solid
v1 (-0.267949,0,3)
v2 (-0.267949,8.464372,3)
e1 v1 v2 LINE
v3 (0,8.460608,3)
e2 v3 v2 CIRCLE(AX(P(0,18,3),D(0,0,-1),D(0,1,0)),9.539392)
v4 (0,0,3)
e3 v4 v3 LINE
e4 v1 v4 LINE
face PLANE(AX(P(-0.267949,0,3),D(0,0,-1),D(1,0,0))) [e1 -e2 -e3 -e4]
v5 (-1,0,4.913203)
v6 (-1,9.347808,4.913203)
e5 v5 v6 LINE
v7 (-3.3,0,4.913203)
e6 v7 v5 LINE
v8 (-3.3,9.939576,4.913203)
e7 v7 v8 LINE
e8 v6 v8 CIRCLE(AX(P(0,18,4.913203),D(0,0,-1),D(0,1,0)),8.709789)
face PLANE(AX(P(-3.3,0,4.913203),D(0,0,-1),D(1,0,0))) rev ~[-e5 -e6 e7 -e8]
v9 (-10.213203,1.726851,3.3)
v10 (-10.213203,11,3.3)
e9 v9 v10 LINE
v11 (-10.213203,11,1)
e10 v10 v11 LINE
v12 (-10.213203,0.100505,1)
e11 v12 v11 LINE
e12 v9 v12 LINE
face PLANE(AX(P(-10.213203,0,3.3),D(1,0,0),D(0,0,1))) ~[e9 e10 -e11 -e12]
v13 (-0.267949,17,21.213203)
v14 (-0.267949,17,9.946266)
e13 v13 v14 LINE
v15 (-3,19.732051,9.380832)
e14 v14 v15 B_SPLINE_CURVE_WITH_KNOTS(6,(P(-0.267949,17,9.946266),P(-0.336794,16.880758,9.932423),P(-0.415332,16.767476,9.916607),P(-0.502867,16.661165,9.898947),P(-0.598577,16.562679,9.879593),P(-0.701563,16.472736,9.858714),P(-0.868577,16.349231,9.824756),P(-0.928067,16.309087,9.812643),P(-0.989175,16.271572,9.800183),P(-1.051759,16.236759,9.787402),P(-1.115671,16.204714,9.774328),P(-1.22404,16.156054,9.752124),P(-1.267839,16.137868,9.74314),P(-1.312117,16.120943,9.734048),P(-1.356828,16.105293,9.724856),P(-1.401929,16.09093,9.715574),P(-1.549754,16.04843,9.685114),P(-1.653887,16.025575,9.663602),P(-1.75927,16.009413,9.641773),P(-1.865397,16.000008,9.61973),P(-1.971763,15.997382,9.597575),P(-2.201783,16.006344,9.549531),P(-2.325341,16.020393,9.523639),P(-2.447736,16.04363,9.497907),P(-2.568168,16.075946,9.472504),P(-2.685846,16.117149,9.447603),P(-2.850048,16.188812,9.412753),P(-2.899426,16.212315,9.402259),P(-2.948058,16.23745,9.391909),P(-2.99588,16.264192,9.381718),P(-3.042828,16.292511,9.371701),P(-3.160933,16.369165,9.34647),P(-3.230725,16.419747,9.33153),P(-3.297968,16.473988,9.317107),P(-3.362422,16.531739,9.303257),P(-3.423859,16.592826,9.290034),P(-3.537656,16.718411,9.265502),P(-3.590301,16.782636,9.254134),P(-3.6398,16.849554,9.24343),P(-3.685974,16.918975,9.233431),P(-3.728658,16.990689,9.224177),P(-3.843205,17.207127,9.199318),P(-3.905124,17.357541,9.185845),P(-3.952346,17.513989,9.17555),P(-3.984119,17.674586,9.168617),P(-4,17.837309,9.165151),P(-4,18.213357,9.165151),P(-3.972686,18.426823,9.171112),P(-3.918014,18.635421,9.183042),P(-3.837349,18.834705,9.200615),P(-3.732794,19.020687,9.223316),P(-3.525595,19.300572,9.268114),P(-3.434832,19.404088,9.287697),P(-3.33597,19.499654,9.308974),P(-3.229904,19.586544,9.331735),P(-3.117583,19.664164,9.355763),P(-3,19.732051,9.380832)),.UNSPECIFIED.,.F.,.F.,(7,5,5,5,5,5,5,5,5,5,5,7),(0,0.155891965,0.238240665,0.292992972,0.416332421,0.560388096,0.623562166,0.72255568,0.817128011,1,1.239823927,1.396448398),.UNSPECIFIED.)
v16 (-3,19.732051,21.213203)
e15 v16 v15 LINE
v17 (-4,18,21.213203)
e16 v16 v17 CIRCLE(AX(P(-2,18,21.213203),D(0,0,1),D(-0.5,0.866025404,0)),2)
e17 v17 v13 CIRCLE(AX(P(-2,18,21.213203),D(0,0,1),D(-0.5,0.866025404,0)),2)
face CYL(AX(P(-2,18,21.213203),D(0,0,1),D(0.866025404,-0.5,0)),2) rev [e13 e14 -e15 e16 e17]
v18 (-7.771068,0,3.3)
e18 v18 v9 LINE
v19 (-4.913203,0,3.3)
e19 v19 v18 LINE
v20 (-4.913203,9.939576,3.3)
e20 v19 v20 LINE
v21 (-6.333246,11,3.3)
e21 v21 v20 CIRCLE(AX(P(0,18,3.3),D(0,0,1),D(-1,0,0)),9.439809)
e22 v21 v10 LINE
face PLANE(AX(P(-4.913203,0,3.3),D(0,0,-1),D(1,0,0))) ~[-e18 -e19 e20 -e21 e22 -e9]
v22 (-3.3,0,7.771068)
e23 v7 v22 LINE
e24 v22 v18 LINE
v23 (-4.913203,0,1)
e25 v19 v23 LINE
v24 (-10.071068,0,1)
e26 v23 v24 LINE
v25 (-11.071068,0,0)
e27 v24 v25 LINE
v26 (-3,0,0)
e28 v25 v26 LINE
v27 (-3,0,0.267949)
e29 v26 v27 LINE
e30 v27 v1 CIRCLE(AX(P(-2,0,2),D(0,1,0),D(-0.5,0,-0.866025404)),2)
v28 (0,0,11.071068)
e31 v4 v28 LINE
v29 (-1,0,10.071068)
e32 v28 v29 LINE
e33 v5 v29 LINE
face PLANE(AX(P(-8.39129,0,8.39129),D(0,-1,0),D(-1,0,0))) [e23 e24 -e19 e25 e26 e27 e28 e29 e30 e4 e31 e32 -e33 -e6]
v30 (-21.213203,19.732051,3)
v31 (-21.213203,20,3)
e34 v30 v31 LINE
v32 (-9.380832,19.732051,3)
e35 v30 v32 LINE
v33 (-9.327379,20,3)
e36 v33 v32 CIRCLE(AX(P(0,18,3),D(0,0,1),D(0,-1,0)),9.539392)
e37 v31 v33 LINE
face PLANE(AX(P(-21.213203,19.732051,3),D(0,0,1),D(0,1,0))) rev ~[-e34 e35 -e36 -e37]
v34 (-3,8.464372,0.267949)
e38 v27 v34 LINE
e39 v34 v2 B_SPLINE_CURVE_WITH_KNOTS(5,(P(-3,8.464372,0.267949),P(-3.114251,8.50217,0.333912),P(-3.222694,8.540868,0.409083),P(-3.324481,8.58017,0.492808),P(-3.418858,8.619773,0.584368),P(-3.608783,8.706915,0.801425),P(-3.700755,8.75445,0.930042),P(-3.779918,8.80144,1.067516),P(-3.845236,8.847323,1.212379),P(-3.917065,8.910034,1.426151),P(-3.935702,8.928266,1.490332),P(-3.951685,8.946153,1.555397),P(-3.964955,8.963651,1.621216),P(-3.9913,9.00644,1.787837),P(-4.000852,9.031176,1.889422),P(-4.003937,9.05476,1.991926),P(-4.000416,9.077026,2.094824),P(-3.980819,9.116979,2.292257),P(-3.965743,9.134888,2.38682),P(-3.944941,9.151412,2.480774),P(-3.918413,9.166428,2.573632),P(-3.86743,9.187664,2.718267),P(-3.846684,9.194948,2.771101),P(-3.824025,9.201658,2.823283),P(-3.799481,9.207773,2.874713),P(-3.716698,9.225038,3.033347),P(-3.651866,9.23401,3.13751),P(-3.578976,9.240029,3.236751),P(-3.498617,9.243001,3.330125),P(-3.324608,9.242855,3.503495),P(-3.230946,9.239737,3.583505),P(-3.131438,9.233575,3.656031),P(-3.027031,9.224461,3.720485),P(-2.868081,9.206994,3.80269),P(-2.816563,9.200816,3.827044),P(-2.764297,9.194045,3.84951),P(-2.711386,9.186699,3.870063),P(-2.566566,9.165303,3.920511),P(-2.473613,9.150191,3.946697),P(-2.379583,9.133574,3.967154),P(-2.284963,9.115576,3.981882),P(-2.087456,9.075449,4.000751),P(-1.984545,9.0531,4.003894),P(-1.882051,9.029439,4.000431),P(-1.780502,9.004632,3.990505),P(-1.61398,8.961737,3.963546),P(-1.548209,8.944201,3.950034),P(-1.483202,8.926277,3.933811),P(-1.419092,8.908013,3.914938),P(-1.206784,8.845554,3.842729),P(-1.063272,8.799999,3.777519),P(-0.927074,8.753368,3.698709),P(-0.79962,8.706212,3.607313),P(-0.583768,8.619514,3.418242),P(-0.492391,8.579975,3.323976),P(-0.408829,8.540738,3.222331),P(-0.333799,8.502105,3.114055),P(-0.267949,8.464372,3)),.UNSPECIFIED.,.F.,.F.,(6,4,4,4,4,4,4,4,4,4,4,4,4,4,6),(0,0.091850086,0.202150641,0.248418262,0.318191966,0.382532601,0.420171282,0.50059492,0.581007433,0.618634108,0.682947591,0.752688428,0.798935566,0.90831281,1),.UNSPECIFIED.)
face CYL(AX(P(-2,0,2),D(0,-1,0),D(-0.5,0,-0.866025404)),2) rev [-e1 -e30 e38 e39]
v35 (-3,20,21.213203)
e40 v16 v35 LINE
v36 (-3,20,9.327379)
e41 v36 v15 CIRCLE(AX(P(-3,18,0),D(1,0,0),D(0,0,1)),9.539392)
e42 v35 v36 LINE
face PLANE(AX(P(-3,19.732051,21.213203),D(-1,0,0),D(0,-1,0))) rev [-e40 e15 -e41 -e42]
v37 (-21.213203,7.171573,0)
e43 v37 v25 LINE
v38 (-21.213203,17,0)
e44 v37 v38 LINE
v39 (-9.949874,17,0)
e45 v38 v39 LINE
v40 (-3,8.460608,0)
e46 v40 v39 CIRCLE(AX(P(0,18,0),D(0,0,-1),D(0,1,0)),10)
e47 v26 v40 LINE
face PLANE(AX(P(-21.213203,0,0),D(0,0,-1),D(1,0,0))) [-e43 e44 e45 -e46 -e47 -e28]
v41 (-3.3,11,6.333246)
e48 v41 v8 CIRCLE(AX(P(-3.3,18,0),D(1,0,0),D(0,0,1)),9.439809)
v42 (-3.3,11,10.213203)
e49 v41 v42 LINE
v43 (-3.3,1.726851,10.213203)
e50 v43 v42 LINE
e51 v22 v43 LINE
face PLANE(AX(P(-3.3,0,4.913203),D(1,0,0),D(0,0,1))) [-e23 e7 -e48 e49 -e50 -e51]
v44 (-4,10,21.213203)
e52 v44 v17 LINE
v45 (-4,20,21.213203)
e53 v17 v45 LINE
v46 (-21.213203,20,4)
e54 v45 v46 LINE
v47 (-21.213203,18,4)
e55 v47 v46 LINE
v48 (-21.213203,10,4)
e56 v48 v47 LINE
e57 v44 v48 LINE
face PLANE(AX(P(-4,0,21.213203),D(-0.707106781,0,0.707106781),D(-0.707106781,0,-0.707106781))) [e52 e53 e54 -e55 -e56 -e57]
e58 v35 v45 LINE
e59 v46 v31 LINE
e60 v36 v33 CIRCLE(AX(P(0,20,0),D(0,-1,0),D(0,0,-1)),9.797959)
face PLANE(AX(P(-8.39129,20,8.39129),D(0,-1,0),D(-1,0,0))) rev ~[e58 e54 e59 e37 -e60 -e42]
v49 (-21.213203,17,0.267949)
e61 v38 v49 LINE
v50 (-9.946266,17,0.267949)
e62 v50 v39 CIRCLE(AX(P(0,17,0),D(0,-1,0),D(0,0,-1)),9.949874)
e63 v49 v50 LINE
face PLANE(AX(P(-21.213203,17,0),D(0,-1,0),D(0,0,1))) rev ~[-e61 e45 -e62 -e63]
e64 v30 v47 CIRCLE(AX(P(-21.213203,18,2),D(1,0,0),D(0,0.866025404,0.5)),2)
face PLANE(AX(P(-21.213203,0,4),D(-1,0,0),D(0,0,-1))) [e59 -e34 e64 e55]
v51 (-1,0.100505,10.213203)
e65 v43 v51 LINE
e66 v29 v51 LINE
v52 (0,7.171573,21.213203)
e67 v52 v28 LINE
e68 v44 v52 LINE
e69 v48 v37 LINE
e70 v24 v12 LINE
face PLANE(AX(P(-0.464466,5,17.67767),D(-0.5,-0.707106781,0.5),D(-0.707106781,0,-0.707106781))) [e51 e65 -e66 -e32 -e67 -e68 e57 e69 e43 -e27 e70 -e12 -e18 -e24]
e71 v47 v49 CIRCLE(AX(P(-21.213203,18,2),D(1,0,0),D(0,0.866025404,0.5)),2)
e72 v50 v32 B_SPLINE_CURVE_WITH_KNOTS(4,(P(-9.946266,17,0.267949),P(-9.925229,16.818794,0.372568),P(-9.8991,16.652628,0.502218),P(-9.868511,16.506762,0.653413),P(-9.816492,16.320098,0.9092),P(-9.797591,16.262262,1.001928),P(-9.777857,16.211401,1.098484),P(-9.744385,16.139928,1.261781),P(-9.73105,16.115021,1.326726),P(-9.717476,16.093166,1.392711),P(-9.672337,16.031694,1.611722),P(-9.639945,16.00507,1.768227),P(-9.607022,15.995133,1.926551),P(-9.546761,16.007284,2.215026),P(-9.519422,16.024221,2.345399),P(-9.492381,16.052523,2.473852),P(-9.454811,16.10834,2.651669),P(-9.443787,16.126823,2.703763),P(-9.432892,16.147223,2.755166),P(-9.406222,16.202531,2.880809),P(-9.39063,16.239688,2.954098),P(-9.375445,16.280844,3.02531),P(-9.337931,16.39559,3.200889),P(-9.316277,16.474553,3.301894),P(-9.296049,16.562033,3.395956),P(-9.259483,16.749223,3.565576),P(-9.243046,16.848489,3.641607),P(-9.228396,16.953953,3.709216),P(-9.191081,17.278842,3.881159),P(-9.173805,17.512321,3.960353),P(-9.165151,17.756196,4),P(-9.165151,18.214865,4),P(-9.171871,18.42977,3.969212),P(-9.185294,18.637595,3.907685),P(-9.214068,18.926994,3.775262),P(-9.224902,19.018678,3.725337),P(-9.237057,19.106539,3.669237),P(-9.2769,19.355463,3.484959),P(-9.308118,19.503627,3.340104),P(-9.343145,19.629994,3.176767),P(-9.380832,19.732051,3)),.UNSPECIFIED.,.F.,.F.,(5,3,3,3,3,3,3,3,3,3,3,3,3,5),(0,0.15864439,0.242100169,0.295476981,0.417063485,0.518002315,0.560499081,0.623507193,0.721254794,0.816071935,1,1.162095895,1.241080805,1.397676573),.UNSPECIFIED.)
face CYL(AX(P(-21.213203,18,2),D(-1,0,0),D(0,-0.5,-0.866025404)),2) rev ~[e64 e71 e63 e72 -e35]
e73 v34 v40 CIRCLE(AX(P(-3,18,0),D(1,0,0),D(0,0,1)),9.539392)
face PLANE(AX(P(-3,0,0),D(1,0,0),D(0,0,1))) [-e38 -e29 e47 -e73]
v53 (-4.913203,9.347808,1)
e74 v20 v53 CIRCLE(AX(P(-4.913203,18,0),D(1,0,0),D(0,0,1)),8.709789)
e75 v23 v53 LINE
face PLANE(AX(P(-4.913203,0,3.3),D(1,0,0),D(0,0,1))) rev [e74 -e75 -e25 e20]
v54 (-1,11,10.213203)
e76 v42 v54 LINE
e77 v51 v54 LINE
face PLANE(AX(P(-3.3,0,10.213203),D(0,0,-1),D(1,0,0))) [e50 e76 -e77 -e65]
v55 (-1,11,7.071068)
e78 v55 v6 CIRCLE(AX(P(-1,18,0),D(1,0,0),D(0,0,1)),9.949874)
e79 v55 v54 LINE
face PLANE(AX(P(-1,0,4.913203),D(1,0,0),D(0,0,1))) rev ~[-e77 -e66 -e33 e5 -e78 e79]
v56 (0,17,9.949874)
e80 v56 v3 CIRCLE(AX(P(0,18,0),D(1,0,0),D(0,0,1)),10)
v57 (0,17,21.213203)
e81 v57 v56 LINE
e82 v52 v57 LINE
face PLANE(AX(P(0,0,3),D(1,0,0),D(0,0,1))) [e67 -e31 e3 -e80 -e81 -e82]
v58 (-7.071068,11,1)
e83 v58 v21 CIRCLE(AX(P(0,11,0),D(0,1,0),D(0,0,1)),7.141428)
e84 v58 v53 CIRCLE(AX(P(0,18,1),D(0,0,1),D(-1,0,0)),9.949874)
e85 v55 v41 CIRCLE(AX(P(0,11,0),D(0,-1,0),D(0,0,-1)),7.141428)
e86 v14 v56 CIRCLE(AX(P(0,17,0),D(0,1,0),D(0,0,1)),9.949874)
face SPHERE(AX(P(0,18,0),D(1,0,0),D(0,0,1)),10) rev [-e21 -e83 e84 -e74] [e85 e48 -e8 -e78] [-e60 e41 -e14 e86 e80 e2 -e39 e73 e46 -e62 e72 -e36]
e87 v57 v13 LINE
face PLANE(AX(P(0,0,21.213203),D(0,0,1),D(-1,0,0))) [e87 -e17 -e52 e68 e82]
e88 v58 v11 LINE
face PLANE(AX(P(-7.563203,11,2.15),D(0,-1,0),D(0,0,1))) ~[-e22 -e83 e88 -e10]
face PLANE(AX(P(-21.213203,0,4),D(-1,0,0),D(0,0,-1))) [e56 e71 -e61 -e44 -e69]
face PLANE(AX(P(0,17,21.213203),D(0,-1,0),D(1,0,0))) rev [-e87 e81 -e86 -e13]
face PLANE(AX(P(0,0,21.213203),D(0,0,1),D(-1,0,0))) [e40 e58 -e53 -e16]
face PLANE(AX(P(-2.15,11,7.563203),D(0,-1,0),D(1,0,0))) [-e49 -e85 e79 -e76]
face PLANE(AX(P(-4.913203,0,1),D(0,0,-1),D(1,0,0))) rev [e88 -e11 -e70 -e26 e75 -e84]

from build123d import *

# Parameters (mm, degrees)
EXTRUDE_1_DEPTH     = 20
CHAMFER_1_SIZE      = 10
CUT_EXTRUDE_2_REACH = 38.056
SKETCH_4_W          = 2.3
SKETCH_4_H          = 5.3
CUT_EXTRUDE_3_DEPTH = 11


with BuildPart() as part:
    # 草圖1 → 填料-伸長1 (new body)
    with BuildSketch(Plane(origin=(0, 0, 0), x_dir=(1, 0, 0), z_dir=(0, 1, 0))):
        with BuildLine():
            Line((0, -4), (0, -21.213203436))
            Line((0, -21.213203436), (-4, -21.213203436))
            Line((-4, -21.213203436), (-21.213203436, -4))
            Line((-21.213203436, -4), (-21.213203436, 0))
            Line((-21.213203436, 0), (-4, 0))
            Line((-4, 0), (-3, 0))
            Line((-3, 0), (-3, -0.267949192))
            ThreePointArc((-3, -0.267949192), (-3.414213562, -3.414213562), (-0.267949192, -3))
            Line((-0.267949192, -3), (0, -3))
            Line((0, -3), (0, -4))
        make_face()
    extrude(amount=EXTRUDE_1_DEPTH)

    # 導角1
    chamfer_1_edges = [part.edges().sort_by_distance(p)[0] for p in [
        (-12.606601718, 0, 12.606601718),
    ]]
    chamfer(chamfer_1_edges, length=CHAMFER_1_SIZE)

    # 草圖3 → 除料-伸長2 (cut, up to next)
    with BuildSketch(Plane.ZY.offset(21.213203436), mode=Mode.PRIVATE) as cut_extrude_2_sk1:
        with BuildLine():
            Line((3, 19.732050808), (3, 20))
            Line((3, 20), (0, 20))
            Line((0, 20), (0, 17))
            Line((0, 17), (0.267949192, 17))
            ThreePointArc((0.267949192, 17), (3.414213562, 16.585786438), (3, 19.732050808))
        make_face()
    cut_extrude_2_tool1 = extrude(cut_extrude_2_sk1.sketch, amount=-CUT_EXTRUDE_2_REACH, mode=Mode.PRIVATE) & part.part
    cut_extrude_2 = cut_extrude_2_tool1.solids().sort_by_distance((-21.213203, 18.105499, 1.894501))[0]
    add(cut_extrude_2, mode=Mode.SUBTRACT)

    # 鏡射1: 除料-伸長2 across plane
    add(cut_extrude_2.mirror(Plane(origin=(0, 0, 0), x_dir=(-0.7071067811865478, 0, 0.7071067811865472), z_dir=(0.7071067811865475, 0, 0.7071067811865477))), mode=Mode.SUBTRACT)

    # 草圖4 → 除料-伸長3 (cut)
    with BuildSketch(Plane.XZ):
        with Locations((-2.15, 7.563203436)):
            Rectangle(SKETCH_4_W, SKETCH_4_H)
    cut_extrude_3 = extrude(amount=-CUT_EXTRUDE_3_DEPTH, mode=Mode.SUBTRACT)

    # 鏡射2: 除料-伸長3 across plane
    add(cut_extrude_3.mirror(Plane(origin=(0, 0, 0), x_dir=(-0.7071067811865478, 0, 0.7071067811865472), z_dir=(0.7071067811865475, 0, 0.7071067811865477))), mode=Mode.SUBTRACT)

    # 草圖5 → 除料-旋轉1 (revolve, cut)
    with BuildSketch(Plane(origin=(0, 18, 0), x_dir=(1, 0, 0), z_dir=(0, 1, 0))):
        with BuildLine():
            Line((10, 0), (-10, 0))
            ThreePointArc((-10, 0), (0, -10), (10, 0))
        make_face()
    revolve(axis=Axis((10, 18, 0), (-1, 0, 0)), mode=Mode.SUBTRACT)


solid = part.part
